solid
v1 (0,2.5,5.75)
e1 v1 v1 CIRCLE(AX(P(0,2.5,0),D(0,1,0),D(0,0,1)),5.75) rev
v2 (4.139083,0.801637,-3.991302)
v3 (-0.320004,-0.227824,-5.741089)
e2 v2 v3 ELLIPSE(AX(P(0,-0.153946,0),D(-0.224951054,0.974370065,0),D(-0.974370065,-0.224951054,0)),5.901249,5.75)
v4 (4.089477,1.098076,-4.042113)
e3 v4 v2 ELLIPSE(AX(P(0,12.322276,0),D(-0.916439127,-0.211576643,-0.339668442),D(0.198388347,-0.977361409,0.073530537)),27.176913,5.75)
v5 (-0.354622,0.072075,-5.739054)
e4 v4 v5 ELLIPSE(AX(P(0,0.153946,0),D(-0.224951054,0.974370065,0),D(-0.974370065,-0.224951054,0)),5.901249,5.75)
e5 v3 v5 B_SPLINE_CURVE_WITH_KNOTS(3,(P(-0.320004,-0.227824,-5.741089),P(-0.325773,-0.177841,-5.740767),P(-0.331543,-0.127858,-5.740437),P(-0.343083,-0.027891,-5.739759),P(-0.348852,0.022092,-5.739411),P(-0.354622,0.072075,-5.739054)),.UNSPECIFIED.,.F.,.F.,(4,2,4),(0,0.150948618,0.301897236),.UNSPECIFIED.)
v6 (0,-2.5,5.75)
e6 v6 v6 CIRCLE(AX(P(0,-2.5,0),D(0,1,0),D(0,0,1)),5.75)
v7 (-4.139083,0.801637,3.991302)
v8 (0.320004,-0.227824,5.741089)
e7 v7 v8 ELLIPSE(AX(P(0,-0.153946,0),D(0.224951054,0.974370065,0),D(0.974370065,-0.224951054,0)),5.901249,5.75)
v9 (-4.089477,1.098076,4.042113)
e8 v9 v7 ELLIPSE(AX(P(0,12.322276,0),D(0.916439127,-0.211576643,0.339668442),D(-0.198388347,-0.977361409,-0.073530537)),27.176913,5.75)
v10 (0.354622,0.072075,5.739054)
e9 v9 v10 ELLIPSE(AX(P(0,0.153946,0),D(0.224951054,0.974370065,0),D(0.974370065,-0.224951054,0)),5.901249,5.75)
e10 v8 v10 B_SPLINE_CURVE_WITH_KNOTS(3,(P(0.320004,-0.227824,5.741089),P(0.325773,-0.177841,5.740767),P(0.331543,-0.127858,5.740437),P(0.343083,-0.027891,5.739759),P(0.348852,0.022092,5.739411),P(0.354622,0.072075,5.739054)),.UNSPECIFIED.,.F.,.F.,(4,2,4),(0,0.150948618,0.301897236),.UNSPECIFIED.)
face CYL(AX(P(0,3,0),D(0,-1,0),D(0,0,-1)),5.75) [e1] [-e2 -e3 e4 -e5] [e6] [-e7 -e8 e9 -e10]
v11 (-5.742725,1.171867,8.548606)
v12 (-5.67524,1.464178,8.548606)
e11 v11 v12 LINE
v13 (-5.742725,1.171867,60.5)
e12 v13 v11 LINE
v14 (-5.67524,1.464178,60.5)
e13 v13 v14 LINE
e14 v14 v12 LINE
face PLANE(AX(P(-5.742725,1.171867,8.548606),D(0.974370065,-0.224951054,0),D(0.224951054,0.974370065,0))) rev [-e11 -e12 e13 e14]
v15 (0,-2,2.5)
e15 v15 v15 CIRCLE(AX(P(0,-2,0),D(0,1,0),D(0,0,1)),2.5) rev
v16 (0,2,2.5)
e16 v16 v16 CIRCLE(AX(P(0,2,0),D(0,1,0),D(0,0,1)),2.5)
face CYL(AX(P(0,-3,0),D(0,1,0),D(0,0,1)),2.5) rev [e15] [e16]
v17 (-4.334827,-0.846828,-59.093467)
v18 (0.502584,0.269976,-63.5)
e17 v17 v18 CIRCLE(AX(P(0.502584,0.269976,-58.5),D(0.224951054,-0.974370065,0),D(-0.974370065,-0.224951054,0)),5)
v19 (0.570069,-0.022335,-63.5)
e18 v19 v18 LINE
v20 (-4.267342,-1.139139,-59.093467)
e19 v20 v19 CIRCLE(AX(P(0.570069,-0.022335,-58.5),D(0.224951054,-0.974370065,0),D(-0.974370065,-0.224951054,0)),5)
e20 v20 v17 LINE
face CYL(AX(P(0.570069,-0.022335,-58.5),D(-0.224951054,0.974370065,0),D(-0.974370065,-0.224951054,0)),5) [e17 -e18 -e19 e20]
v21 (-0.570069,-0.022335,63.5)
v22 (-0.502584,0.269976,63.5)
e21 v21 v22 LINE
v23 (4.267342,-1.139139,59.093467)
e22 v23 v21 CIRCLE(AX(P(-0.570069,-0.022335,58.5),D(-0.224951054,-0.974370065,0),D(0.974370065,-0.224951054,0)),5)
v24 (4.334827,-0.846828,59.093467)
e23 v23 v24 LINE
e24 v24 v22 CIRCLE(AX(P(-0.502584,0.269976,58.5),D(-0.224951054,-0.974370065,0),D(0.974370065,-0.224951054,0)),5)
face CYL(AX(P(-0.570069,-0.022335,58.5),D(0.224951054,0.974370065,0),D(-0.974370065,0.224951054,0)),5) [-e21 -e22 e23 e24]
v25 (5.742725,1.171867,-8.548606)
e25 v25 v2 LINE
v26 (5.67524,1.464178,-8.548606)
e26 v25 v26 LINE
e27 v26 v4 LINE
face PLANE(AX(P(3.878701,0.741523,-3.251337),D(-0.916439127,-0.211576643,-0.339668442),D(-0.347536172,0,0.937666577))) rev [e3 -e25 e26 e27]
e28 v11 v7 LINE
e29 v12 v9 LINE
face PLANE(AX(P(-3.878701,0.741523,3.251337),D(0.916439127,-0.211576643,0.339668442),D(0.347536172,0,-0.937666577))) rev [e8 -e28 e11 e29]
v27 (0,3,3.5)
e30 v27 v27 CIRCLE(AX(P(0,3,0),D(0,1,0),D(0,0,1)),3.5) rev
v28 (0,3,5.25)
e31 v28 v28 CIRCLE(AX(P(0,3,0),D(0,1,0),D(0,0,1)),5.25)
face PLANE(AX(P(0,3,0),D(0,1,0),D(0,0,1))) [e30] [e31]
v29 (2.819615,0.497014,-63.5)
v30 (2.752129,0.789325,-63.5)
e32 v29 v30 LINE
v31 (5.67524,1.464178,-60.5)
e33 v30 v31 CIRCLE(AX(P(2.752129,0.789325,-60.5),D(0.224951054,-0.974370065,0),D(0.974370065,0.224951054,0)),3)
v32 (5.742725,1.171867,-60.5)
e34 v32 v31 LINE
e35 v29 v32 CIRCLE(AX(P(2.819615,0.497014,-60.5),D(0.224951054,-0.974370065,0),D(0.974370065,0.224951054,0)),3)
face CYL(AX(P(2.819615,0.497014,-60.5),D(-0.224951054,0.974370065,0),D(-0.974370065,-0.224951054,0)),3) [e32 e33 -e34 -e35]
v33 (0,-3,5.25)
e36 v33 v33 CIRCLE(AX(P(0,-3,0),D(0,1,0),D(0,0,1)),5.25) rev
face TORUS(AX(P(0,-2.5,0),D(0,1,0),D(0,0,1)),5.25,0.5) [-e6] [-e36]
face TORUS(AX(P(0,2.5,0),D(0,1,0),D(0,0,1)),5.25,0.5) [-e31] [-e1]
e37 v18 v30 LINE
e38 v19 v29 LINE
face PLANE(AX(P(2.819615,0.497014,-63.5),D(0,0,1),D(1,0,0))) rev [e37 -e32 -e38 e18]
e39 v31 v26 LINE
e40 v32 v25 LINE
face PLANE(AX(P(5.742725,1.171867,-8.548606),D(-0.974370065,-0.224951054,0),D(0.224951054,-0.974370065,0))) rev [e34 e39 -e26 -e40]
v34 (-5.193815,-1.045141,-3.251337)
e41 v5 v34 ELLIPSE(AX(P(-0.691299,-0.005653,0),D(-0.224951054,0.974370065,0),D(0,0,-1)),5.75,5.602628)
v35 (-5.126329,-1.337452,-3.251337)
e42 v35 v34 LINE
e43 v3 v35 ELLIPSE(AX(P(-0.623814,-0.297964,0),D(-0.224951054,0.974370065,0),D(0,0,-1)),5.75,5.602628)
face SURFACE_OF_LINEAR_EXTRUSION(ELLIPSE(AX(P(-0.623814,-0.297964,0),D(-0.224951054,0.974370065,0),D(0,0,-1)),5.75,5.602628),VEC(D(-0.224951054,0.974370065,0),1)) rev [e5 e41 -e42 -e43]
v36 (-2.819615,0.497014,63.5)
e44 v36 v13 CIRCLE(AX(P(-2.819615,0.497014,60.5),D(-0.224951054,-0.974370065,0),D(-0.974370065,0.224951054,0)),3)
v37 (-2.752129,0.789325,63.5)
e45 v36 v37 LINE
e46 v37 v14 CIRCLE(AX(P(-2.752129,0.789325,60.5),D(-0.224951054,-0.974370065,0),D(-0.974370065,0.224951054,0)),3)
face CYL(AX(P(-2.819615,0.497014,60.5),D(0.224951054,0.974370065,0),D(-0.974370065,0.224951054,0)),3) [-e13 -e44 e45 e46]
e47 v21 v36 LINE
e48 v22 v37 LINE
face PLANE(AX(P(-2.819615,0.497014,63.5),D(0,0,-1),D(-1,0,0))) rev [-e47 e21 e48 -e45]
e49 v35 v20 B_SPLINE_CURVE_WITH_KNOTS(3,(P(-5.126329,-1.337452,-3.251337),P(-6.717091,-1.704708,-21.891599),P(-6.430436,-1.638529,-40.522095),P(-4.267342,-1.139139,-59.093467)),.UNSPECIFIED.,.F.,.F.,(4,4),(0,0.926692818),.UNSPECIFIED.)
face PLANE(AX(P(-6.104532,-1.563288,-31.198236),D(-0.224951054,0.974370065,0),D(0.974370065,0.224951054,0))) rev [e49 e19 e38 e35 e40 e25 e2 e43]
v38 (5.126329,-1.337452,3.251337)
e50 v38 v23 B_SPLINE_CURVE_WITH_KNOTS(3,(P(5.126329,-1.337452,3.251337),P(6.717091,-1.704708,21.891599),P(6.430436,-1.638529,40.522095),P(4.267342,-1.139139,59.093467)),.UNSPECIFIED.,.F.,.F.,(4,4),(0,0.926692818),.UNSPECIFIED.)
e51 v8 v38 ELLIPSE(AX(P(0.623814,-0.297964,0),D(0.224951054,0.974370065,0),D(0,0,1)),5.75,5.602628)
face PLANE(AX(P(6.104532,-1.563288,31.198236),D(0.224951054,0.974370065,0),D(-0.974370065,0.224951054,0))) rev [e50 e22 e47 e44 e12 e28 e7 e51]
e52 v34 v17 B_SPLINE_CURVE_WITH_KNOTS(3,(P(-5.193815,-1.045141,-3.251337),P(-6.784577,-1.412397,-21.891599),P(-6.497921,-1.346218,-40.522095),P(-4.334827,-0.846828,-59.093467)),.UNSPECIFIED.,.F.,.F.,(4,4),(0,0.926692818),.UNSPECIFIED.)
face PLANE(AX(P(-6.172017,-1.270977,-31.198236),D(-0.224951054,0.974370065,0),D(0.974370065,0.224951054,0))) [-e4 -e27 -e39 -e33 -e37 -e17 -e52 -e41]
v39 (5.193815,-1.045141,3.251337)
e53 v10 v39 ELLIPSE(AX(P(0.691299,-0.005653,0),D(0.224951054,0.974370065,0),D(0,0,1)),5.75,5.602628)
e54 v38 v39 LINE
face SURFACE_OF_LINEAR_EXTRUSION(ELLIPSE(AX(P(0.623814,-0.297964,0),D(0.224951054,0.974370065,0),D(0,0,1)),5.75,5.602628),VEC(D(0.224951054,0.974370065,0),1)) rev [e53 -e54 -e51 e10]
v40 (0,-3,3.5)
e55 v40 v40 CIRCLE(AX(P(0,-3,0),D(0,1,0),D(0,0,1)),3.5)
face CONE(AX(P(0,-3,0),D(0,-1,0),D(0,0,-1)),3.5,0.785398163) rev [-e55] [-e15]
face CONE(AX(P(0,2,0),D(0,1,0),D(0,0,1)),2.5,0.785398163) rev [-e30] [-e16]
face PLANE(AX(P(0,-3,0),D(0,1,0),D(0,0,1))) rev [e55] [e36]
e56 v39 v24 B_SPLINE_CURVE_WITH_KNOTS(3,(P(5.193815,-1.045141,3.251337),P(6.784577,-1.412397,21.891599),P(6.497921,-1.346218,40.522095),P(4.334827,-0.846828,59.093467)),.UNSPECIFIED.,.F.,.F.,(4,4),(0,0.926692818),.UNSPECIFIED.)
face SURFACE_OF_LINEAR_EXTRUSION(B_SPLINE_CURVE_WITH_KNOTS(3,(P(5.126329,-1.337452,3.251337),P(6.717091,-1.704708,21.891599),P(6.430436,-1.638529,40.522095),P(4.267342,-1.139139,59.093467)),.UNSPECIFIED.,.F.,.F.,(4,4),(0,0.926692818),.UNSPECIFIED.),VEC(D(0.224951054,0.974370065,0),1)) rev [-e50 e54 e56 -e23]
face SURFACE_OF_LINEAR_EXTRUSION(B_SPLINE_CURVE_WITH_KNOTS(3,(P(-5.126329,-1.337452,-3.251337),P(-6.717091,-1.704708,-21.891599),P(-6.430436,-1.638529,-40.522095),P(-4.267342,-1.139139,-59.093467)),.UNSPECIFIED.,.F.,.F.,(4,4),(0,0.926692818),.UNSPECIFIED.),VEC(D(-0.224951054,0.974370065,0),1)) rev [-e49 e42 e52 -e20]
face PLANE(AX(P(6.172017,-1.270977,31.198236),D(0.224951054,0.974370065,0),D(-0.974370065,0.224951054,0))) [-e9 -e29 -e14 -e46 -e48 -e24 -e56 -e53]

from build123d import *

# Parameters (mm, degrees)
SKETCH1_R           = 5.75
BOSS_EXTRUDE1_DEPTH = 3
BOSS_EXTRUDE2_DEPTH = 0.15
CIRPATTERN1_COUNT   = 2
SKETCH4_R           = 2.5
CUT_EXTRUDE1_DEPTH  = 65.083925427
FILLET1_R           = 0.5
CHAMFER1_SIZE       = 1


with BuildPart() as part:
    # Sketch1 → Boss-Extrude1 (new, symmetric)
    with BuildSketch(Plane(origin=(0, 0, 0), x_dir=(1, 0, 0), z_dir=(0, 1, 0))):
        with Locations(Location((0, 0, 0), (0, 0, 270))):
            Circle(SKETCH1_R)
    extrude(amount=BOSS_EXTRUDE1_DEPTH, both=True)

    # Sketch3 → Boss-Extrude2 (add, symmetric)
    with BuildSketch(Plane(origin=(0, 0, 0), x_dir=(0.9743700647852351, -0.22495105434386545, 0), z_dir=(-0.22495105434386545, -0.9743700647852351, 0))):
        with BuildLine():
            Line((-3.946096789, 3.251337345), (-5.859151844, 8.548605509))
            Line((-5.859151844, 8.548605509), (-5.859151844, 60.5))
            ThreePointArc((-5.859151844, 60.5), (-4.980472188, 62.621320344), (-2.859151844, 63.5))
            Line((-2.859151844, 63.5), (-0.550434398, 63.5))
            ThreePointArc((-0.550434398, 63.5), (2.768651687, 62.239474236), (4.414220363, 59.093467024))
            add(Edge.make_bspline(
                [(5.295803115, 3.251337345), (6.928408565, 21.891598877), (6.634212966, 40.522095073), (4.414220363, 59.093467024)],
                knots=[0, 0, 0, 0, 0.926692818, 0.926692818, 0.926692818, 0.926692818], degree=3))
            add(Edge.make_bspline(
                [(5.295803115, 3.251337345), (0.674853163, 10.168892518), (-3.946096789, 3.251337345)],
                knots=[5.313367698, 5.313367698, 5.313367698, 7.253002917, 7.253002917, 7.253002917], degree=2, weights=[1, 0.565449973, 1]))
        make_face()
    boss_extrude2 = extrude(amount=BOSS_EXTRUDE2_DEPTH, both=True)

    # CirPattern1: Boss-Extrude2 ×2 about axis
    cirpattern1_axis = Axis((0, 3, 0), (0, 1, 0))
    for i in range(1, CIRPATTERN1_COUNT):
        add(boss_extrude2.rotate(cirpattern1_axis, i * 360 / CIRPATTERN1_COUNT))

    # Sketch4 → Cut-Extrude1 (cut, through all)
    with BuildSketch(Plane(origin=(0, 3, 0), x_dir=(1, 0, 0), z_dir=(0, 1, 0))):
        with Locations(Location((0, 0, 0), (0, 0, 270))):
            Circle(SKETCH4_R)
    extrude(amount=-CUT_EXTRUDE1_DEPTH, mode=Mode.SUBTRACT)

    # Fillet1
    fillet1_edges = [part.edges().sort_by_distance(p)[0] for p in [
        (0, -3, -5.75),
        (0, 3, -5.75),
    ]]
    fillet(fillet1_edges, radius=FILLET1_R)

    # Chamfer1
    chamfer1_edges = [part.edges().sort_by_distance(p)[0] for p in [
        (0, -3, -2.5),
        (0, 3, -2.5),
    ]]
    chamfer(chamfer1_edges, length=CHAMFER1_SIZE)


solid = part.part
